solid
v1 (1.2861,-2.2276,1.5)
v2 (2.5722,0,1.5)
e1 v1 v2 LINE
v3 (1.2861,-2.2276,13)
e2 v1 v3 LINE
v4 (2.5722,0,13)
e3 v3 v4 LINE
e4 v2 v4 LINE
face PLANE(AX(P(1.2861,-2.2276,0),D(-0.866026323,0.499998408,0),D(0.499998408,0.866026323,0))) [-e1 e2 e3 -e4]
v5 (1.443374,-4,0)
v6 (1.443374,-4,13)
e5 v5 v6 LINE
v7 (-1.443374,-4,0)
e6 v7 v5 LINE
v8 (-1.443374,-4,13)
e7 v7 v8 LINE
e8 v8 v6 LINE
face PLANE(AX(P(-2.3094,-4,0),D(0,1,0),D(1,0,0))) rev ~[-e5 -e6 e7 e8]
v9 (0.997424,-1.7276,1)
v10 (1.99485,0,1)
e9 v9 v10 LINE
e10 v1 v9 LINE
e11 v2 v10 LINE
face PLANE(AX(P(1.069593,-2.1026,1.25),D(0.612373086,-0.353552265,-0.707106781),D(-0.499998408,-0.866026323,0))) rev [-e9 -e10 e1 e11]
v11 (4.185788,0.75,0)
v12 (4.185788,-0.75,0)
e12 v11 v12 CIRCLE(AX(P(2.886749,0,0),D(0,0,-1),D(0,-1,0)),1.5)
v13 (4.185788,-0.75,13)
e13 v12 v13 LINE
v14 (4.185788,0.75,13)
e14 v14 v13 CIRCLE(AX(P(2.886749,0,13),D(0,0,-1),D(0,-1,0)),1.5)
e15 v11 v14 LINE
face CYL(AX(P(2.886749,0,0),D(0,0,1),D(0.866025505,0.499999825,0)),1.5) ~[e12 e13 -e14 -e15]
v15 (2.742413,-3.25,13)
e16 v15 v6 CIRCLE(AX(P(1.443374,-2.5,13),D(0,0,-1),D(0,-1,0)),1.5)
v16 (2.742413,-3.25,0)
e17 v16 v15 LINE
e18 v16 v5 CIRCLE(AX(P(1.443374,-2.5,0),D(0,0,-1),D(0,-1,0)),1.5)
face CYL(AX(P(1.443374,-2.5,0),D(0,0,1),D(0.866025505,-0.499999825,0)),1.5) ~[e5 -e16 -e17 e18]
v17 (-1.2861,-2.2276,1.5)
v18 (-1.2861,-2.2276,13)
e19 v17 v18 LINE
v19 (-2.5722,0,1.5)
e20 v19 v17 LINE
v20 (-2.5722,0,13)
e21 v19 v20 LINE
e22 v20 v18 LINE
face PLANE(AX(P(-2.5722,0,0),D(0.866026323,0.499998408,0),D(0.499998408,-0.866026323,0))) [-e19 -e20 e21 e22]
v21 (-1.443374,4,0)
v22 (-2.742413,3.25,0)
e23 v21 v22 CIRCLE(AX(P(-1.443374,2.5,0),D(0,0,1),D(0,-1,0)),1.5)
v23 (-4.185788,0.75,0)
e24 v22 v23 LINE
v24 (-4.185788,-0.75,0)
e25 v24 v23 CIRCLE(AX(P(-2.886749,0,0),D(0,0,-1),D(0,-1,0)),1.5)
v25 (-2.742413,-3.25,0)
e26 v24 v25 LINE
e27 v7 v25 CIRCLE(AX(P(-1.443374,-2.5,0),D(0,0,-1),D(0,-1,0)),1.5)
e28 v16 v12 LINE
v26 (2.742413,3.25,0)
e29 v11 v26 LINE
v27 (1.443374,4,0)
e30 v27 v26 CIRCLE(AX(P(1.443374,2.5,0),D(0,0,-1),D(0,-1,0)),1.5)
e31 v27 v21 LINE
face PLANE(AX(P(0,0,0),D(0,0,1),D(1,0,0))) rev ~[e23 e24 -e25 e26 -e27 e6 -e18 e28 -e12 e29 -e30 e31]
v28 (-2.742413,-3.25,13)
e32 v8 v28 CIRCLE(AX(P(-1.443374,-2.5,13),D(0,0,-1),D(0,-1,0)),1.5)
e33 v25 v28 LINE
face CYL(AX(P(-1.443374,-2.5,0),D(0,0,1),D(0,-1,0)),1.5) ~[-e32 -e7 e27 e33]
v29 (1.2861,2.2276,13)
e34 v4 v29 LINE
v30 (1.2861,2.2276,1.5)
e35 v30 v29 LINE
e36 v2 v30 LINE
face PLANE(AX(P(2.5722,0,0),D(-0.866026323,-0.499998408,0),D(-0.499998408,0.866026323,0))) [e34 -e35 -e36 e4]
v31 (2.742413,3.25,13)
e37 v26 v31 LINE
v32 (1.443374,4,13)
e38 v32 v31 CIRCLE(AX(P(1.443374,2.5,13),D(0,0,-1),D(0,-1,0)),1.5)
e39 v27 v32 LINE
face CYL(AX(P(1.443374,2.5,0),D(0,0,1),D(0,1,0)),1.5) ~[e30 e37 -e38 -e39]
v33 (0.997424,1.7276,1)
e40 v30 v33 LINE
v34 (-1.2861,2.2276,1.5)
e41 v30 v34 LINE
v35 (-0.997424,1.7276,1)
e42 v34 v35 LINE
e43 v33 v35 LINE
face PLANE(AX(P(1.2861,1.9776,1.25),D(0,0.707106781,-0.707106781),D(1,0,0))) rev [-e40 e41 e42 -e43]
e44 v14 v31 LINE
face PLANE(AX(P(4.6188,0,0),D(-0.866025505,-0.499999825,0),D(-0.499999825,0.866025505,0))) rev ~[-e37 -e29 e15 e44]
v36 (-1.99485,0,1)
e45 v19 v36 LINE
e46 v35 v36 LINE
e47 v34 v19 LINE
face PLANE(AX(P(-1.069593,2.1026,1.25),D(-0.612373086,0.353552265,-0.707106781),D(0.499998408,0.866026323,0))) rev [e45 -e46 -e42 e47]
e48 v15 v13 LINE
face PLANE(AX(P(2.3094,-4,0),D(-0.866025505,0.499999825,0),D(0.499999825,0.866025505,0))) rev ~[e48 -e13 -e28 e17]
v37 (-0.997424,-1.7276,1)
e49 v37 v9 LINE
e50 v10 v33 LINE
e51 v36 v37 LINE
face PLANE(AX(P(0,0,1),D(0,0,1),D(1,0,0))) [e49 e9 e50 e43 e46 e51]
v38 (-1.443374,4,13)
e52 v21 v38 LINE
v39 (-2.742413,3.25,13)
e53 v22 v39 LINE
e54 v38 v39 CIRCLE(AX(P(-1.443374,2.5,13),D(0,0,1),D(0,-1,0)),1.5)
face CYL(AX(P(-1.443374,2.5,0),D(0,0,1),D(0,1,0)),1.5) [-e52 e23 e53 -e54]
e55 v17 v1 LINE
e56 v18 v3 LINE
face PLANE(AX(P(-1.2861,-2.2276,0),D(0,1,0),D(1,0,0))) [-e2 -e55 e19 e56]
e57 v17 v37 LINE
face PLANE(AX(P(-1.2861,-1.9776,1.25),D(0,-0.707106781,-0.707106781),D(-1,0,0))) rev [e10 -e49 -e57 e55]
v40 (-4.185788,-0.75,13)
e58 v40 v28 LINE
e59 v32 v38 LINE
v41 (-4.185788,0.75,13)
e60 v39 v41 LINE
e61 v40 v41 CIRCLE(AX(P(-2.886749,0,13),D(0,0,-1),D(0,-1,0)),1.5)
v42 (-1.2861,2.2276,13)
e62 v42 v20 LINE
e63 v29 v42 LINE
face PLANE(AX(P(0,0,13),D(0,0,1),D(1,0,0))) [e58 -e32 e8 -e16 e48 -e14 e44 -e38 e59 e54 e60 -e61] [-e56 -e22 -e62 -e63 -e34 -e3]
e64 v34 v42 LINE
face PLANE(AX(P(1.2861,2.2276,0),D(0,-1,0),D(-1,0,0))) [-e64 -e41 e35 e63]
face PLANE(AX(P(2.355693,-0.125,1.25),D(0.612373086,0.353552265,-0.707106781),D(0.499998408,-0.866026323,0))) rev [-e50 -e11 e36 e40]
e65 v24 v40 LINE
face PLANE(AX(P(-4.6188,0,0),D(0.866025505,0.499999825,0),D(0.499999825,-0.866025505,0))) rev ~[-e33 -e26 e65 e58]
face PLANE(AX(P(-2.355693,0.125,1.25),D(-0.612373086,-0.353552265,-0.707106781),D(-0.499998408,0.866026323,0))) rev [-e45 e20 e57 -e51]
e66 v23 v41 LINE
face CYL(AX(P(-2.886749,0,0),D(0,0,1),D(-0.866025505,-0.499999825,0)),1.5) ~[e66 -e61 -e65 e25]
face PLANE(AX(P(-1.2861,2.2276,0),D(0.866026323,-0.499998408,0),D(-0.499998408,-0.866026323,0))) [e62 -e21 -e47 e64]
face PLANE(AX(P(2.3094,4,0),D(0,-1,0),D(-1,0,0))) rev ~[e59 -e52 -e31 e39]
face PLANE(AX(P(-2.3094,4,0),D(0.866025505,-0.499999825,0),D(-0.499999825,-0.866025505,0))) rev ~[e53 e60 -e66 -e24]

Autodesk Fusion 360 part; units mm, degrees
sketch "Sketch1" plane through (0, 0, 0) normal (0, 0, 1) x (1, 0, 0)
  line L0 (-1.2861, 2.2276) -> (-2.5722, 0)
  line L1 (-2.5722, 0) -> (-1.2861, -2.2276)
  line L2 (-1.2861, -2.2276) -> (1.2861, -2.2276)
  line L3 (1.2861, -2.2276) -> (2.5722, 0)
  line L4 (2.5722, 0) -> (1.2861, 2.2276)
  line L5 (1.2861, 2.2276) -> (-1.2861, 2.2276)
  line L6 (-2.3094, 4) -> (-4.6188, 0)
  line L7 (-4.6188, 0) -> (-2.3094, -4)
  line L8 (-2.3094, -4) -> (2.3094, -4)
  line L9 (2.3094, -4) -> (4.6188, 0)
  line L10 (4.6188, 0) -> (2.3094, 4)
  line L11 (2.3094, 4) -> (-2.3094, 4)
extrude "Extrude1" add sketch "Sketch1" along normal blind 13
extrude "Extrude2" add sketch "Sketch1" along normal blind 1 contours L0 L1 L2 L3 L4 L5
chamfer "Chamfer1" distance 0.5 angle 45 6 edges at (1.9291, -1.1138, 1) (1.9291, 1.1138, 1) (0, 2.2276, 1) (-1.9291, 1.1138, 1) (-1.9291, -1.1138, 1) (0, -2.2276, 1)
fillet "Fillet1" radius 1.5 6 edges at (2.3094, 4, 6.5) (-2.3094, 4, 6.5) (-4.6188, 0, 6.5) (-2.3094, -4, 6.5) (2.3094, -4, 6.5) (4.6188, 0, 6.5)
